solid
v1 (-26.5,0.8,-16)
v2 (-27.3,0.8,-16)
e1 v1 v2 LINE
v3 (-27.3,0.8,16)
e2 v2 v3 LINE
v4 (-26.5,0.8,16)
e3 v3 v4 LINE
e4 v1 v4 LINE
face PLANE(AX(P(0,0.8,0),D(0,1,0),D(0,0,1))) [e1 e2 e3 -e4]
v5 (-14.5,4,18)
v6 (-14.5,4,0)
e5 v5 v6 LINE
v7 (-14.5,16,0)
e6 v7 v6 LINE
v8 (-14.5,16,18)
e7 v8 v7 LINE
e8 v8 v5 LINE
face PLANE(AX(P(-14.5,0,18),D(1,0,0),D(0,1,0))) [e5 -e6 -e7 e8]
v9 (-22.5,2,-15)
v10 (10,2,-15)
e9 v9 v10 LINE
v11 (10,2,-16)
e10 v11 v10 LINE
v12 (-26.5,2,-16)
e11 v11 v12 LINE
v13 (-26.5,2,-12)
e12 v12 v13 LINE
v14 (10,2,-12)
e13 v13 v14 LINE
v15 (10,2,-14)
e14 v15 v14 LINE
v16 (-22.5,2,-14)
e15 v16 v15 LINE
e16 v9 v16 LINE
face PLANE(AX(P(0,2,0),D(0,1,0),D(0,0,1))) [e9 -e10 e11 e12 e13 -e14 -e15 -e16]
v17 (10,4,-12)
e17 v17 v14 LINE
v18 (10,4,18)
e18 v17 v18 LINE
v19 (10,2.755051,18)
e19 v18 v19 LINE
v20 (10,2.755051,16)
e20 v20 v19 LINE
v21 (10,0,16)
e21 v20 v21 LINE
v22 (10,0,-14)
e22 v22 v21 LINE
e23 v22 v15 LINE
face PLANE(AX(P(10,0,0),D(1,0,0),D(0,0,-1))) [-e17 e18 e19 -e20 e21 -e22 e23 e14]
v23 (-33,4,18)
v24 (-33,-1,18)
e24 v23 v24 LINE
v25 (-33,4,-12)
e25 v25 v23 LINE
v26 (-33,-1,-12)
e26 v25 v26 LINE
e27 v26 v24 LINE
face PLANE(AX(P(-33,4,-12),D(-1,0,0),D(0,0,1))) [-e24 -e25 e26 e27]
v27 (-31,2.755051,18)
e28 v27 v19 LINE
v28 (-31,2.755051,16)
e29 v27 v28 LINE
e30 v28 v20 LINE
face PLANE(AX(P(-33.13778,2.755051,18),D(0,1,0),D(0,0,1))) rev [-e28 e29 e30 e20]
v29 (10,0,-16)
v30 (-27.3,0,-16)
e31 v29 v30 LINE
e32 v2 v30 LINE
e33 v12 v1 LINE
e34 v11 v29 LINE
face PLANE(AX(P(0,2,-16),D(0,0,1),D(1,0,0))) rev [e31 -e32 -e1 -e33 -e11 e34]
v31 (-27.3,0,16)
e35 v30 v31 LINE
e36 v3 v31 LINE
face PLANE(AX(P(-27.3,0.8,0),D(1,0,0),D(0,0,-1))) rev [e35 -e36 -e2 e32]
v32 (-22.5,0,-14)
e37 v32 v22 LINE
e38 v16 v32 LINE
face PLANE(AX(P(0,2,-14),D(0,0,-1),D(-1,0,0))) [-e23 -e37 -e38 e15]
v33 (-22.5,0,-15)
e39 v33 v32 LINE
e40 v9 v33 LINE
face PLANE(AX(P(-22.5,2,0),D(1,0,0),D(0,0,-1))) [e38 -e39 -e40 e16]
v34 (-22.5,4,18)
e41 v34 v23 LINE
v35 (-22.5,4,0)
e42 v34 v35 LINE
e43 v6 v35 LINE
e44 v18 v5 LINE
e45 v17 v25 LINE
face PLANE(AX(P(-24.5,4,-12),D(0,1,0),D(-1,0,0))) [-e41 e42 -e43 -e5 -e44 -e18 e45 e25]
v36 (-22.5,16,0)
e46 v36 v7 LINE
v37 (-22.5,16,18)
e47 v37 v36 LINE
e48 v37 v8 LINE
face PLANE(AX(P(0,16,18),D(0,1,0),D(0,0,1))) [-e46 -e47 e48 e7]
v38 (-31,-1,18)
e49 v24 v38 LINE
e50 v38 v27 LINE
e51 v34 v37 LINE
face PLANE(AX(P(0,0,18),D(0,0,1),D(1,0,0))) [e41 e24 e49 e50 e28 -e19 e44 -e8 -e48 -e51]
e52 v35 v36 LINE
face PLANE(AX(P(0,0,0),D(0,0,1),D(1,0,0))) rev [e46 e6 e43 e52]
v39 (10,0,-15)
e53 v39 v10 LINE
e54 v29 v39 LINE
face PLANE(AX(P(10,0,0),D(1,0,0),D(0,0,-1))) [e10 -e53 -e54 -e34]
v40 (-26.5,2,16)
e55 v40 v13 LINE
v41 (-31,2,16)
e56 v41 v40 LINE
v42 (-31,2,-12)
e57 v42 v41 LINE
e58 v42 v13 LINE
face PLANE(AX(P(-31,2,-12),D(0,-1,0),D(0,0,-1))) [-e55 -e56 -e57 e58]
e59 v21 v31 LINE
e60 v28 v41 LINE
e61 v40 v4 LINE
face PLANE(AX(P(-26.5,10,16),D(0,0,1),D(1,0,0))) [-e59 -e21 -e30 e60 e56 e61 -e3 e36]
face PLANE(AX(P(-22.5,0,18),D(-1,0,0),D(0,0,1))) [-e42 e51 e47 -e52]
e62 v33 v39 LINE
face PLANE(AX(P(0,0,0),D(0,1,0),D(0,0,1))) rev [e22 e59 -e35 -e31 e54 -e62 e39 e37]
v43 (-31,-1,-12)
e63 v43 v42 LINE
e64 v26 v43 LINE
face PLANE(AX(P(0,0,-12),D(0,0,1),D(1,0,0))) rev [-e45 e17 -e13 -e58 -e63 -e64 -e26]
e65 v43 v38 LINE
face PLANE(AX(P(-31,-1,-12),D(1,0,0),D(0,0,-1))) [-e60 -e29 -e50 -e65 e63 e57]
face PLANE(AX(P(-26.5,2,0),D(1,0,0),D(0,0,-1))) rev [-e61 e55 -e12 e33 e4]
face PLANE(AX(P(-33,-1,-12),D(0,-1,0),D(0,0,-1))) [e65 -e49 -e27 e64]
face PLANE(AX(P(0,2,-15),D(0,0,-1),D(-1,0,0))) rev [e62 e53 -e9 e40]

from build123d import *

# Parameters (mm, degrees)
SKETCH_1_W                      = 53
SKETCH_1_H                      = 32
EXTRUDE_1_DEPTH                 = 2
SKETCH_1_5_W                    = 0.8
SKETCH_1_5_H                    = 32
EXTRUDE_3_DEPTH                 = 0.8
SKETCH_1_6_W                    = 0.8
SKETCH_1_6_H                    = 32
EXTRUDE_4_DEPTH                 = 0.8
SKETCH_3_W                      = 54.6
SKETCH_3_H                      = 1
EXTRUDE_5_DEPTH                 = 0.8
SKETCH_4_W                      = 45
SKETCH_4_H                      = 1
CUT_EXTRUDE_1_DEPTH             = 33.222507662
SKETCH_4_2_W                    = 45
SKETCH_4_2_H                    = 1
EXTRUDE_6_DEPTH                 = 2
SKETCH_5_W                      = 45
SKETCH_5_H                      = 1
CUT_EXTRUDE_2_DEPTH             = 2
SKETCH_6_W                      = 0.8
SKETCH_6_H                      = 1
CUT_EXTRUDE_3_DEPTH             = 10
EXTRUDE_7_DEPTH                 = 18
EXTRUDE_7_DEPTH_BACK            = 12
EXTRUDE_8_DEPTH                 = 18
EXTRUDE_8_DEPTH_BACK            = 12
SKETCH_8_W                      = 49
SKETCH_8_H                      = 2
CUT_EXTRUDE_4_REACH             = 39.802
SKETCH_12_W                     = 2
SKETCH_12_H                     = 0.755050506
CUT_EXTRUDE_4_DIRECTION_2_REACH = 39.802
CUT_EXTRUDE_5_REACH             = 48.787
SKETCH_9_W                      = 48.171487548
SKETCH_9_H                      = 25.213726265
CUT_EXTRUDE_6_REACH             = 48.787
SKETCH_13_W                     = 1
SKETCH_13_H                     = 0.8
SKETCH_14_W                     = 8
SKETCH_14_H                     = 12
EXTRUDE_9_DEPTH                 = 18


with BuildPart() as part:
    # 草图1 → 凸台-拉伸1 (new body)
    with BuildSketch(Plane(origin=(0, 0, 0), x_dir=(1, 0, 0), z_dir=(0, 1, 0))):
        Rectangle(SKETCH_1_W, SKETCH_1_H)
    extrude(amount=EXTRUDE_1_DEPTH)

    # 草图1<5> → 凸台-拉伸3 (add)
    with BuildSketch(Plane(origin=(0, 0, 0), x_dir=(1, 0, 0), z_dir=(0, 1, 0))):
        with Locations((-26.9, 0)):
            Rectangle(SKETCH_1_5_W, SKETCH_1_5_H)
    extrude(amount=EXTRUDE_3_DEPTH)

    # 草图1<6> → 凸台-拉伸4 (add)
    with BuildSketch(Plane(origin=(0, 0, 0), x_dir=(1, 0, 0), z_dir=(0, 1, 0))):
        with Locations((26.9, 0)):
            Rectangle(SKETCH_1_6_W, SKETCH_1_6_H)
    extrude(amount=EXTRUDE_4_DEPTH)

    # 草图3 → 凸台-拉伸5 (add)
    with BuildSketch(Plane(origin=(0, 0, 0), x_dir=(1, 0, 0), z_dir=(0, 1, 0))):
        with Locations((0, -16.5)):
            Rectangle(SKETCH_3_W, SKETCH_3_H)
    extrude(amount=EXTRUDE_5_DEPTH)

    # 草图4 → 切除-拉伸1 (cut, through all)
    with BuildSketch(Plane(origin=(0, 0, 0), x_dir=(1, 0, 0), z_dir=(0, 1, 0))):
        with Locations((0, -14.5)):
            Rectangle(SKETCH_4_W, SKETCH_4_H)
    extrude(amount=CUT_EXTRUDE_1_DEPTH, mode=Mode.SUBTRACT)

    # 草图4<2> → 凸台-拉伸6 (add)
    with BuildSketch(Plane(origin=(0, 0, 0), x_dir=(1, 0, 0), z_dir=(0, 1, 0))):
        with Locations((0, -14.5)):
            Rectangle(SKETCH_4_2_W, SKETCH_4_2_H)
    extrude(amount=EXTRUDE_6_DEPTH)

    # 草图5 → 切除-拉伸2 (cut)
    with BuildSketch(Plane(origin=(0, 0, 0), x_dir=(1, 0, 0), z_dir=(0, 1, 0))):
        with Locations((0, 14.5)):
            Rectangle(SKETCH_5_W, SKETCH_5_H)
    extrude(amount=CUT_EXTRUDE_2_DEPTH, mode=Mode.SUBTRACT)

    # 草图6 → 切除-拉伸3 (cut)
    with BuildSketch(Plane(origin=(0, 0, 0), x_dir=(1, 0, 0), z_dir=(0, 1, 0))):
        with Locations((-26.9, -16.5)):
            Rectangle(SKETCH_6_W, SKETCH_6_H)
        with Locations((26.9, -16.5)):
            Rectangle(SKETCH_6_W, SKETCH_6_H)
    extrude(amount=CUT_EXTRUDE_3_DEPTH, mode=Mode.SUBTRACT)

    # 草图7 → 凸台-拉伸7 (add, two sides: drawn at the far end of the back side and taken through both)
    with BuildSketch(Plane.XY.offset(-EXTRUDE_7_DEPTH_BACK)):
        Polygon((-24.5, 2), (-24.5, 4), (-33, 4), (-33, -1), (-31, -1), (-31, 2), align=None)
        Polygon((24.5, 2), (24.5, 4), (33, 4), (33, -1), (31, -1), (31, 2), align=None)
    extrude(amount=EXTRUDE_7_DEPTH + EXTRUDE_7_DEPTH_BACK)

    # 草图8 → 凸台-拉伸8 (add, two sides: drawn at the far end of the back side and taken through both)
    with BuildSketch(Plane.XY.offset(-EXTRUDE_8_DEPTH_BACK)):
        with Locations((0, 3)):
            Rectangle(SKETCH_8_W, SKETCH_8_H)
    extrude(amount=EXTRUDE_8_DEPTH + EXTRUDE_8_DEPTH_BACK)

    # 切除-拉伸4: up to this face of the body (flat: up to its plane)
    cut_extrude_4_end = Plane(part.part.faces().sort_by_distance((-31, 0.5, 3))[0])
    # 草图12 → 切除-拉伸4 (cut, up to the picked face)
    with BuildSketch(Plane(origin=(0, 0, 0), x_dir=(0, 0, -1), z_dir=(1, 0, 0)), mode=Mode.PRIVATE) as cut_extrude_4_sk1:
        with Locations((-17, 2.377525253)):
            Rectangle(SKETCH_12_W, SKETCH_12_H)
    cut_extrude_4_tool1 = split(extrude(cut_extrude_4_sk1.sketch, amount=-CUT_EXTRUDE_4_REACH, mode=Mode.PRIVATE), bisect_by=cut_extrude_4_end, keep=Keep.BOTH, mode=Mode.PRIVATE)
    add(cut_extrude_4_tool1.solids().sort_by(Axis((0, 2.377525, 17), (-1, 0, 0)))[0], mode=Mode.SUBTRACT)

    # 切除-拉伸4 direction 2: up to this face of the body (flat: up to its plane)
    cut_extrude_4_direction_2_end = Plane(part.part.faces().sort_by_distance((31, 0.5, 3))[0])
    # 草图12 → 切除-拉伸4 direction 2 (cut, up to the picked face)
    with BuildSketch(Plane(origin=(0, 0, 0), x_dir=(0, 0, -1), z_dir=(1, 0, 0)), mode=Mode.PRIVATE) as cut_extrude_4_direction_2_sk1:
        with Locations((-17, 2.377525253)):
            Rectangle(SKETCH_12_W, SKETCH_12_H)
    cut_extrude_4_direction_2_tool1 = split(extrude(cut_extrude_4_direction_2_sk1.sketch, amount=CUT_EXTRUDE_4_DIRECTION_2_REACH, mode=Mode.PRIVATE), bisect_by=cut_extrude_4_direction_2_end, keep=Keep.BOTH, mode=Mode.PRIVATE)
    add(cut_extrude_4_direction_2_tool1.solids().sort_by(Axis((0, 2.377525, 17), (1, 0, 0)))[0], mode=Mode.SUBTRACT)

    # 草图9 → 切除-拉伸5 (cut, up to next)
    with BuildSketch(Plane(origin=(10, 0, 0), x_dir=(0, 0, -1), z_dir=(1, 0, 0)), mode=Mode.PRIVATE) as cut_extrude_5_sk1:
        with Locations((-3.488196671, 1.118476511)):
            Rectangle(SKETCH_9_W, SKETCH_9_H)
    cut_extrude_5_tool1 = extrude(cut_extrude_5_sk1.sketch, amount=CUT_EXTRUDE_5_REACH, mode=Mode.PRIVATE) & part.part
    add(cut_extrude_5_tool1.solids().sort_by_distance((10, 1.118477, 3.488197))[0], mode=Mode.SUBTRACT)

    # 草图13 → 切除-拉伸6 (cut, up to next)
    with BuildSketch(Plane(origin=(10, 0, 0), x_dir=(0, 0, -1), z_dir=(1, 0, 0)), mode=Mode.PRIVATE) as cut_extrude_6_sk1:
        with Locations((-16.5, 0.4)):
            Rectangle(SKETCH_13_W, SKETCH_13_H)
    cut_extrude_6_tool1 = extrude(cut_extrude_6_sk1.sketch, amount=-CUT_EXTRUDE_6_REACH, mode=Mode.PRIVATE) & part.part
    add(cut_extrude_6_tool1.solids().sort_by_distance((10, 0.4, 16.5))[0], mode=Mode.SUBTRACT)

    # 草图14 → 凸台-拉伸9 (add, through all)
    with BuildSketch(Plane.XY):
        with Locations((-18.5, 10)):
            Rectangle(SKETCH_14_W, SKETCH_14_H)
    extrude(amount=EXTRUDE_9_DEPTH)


solid = part.part
